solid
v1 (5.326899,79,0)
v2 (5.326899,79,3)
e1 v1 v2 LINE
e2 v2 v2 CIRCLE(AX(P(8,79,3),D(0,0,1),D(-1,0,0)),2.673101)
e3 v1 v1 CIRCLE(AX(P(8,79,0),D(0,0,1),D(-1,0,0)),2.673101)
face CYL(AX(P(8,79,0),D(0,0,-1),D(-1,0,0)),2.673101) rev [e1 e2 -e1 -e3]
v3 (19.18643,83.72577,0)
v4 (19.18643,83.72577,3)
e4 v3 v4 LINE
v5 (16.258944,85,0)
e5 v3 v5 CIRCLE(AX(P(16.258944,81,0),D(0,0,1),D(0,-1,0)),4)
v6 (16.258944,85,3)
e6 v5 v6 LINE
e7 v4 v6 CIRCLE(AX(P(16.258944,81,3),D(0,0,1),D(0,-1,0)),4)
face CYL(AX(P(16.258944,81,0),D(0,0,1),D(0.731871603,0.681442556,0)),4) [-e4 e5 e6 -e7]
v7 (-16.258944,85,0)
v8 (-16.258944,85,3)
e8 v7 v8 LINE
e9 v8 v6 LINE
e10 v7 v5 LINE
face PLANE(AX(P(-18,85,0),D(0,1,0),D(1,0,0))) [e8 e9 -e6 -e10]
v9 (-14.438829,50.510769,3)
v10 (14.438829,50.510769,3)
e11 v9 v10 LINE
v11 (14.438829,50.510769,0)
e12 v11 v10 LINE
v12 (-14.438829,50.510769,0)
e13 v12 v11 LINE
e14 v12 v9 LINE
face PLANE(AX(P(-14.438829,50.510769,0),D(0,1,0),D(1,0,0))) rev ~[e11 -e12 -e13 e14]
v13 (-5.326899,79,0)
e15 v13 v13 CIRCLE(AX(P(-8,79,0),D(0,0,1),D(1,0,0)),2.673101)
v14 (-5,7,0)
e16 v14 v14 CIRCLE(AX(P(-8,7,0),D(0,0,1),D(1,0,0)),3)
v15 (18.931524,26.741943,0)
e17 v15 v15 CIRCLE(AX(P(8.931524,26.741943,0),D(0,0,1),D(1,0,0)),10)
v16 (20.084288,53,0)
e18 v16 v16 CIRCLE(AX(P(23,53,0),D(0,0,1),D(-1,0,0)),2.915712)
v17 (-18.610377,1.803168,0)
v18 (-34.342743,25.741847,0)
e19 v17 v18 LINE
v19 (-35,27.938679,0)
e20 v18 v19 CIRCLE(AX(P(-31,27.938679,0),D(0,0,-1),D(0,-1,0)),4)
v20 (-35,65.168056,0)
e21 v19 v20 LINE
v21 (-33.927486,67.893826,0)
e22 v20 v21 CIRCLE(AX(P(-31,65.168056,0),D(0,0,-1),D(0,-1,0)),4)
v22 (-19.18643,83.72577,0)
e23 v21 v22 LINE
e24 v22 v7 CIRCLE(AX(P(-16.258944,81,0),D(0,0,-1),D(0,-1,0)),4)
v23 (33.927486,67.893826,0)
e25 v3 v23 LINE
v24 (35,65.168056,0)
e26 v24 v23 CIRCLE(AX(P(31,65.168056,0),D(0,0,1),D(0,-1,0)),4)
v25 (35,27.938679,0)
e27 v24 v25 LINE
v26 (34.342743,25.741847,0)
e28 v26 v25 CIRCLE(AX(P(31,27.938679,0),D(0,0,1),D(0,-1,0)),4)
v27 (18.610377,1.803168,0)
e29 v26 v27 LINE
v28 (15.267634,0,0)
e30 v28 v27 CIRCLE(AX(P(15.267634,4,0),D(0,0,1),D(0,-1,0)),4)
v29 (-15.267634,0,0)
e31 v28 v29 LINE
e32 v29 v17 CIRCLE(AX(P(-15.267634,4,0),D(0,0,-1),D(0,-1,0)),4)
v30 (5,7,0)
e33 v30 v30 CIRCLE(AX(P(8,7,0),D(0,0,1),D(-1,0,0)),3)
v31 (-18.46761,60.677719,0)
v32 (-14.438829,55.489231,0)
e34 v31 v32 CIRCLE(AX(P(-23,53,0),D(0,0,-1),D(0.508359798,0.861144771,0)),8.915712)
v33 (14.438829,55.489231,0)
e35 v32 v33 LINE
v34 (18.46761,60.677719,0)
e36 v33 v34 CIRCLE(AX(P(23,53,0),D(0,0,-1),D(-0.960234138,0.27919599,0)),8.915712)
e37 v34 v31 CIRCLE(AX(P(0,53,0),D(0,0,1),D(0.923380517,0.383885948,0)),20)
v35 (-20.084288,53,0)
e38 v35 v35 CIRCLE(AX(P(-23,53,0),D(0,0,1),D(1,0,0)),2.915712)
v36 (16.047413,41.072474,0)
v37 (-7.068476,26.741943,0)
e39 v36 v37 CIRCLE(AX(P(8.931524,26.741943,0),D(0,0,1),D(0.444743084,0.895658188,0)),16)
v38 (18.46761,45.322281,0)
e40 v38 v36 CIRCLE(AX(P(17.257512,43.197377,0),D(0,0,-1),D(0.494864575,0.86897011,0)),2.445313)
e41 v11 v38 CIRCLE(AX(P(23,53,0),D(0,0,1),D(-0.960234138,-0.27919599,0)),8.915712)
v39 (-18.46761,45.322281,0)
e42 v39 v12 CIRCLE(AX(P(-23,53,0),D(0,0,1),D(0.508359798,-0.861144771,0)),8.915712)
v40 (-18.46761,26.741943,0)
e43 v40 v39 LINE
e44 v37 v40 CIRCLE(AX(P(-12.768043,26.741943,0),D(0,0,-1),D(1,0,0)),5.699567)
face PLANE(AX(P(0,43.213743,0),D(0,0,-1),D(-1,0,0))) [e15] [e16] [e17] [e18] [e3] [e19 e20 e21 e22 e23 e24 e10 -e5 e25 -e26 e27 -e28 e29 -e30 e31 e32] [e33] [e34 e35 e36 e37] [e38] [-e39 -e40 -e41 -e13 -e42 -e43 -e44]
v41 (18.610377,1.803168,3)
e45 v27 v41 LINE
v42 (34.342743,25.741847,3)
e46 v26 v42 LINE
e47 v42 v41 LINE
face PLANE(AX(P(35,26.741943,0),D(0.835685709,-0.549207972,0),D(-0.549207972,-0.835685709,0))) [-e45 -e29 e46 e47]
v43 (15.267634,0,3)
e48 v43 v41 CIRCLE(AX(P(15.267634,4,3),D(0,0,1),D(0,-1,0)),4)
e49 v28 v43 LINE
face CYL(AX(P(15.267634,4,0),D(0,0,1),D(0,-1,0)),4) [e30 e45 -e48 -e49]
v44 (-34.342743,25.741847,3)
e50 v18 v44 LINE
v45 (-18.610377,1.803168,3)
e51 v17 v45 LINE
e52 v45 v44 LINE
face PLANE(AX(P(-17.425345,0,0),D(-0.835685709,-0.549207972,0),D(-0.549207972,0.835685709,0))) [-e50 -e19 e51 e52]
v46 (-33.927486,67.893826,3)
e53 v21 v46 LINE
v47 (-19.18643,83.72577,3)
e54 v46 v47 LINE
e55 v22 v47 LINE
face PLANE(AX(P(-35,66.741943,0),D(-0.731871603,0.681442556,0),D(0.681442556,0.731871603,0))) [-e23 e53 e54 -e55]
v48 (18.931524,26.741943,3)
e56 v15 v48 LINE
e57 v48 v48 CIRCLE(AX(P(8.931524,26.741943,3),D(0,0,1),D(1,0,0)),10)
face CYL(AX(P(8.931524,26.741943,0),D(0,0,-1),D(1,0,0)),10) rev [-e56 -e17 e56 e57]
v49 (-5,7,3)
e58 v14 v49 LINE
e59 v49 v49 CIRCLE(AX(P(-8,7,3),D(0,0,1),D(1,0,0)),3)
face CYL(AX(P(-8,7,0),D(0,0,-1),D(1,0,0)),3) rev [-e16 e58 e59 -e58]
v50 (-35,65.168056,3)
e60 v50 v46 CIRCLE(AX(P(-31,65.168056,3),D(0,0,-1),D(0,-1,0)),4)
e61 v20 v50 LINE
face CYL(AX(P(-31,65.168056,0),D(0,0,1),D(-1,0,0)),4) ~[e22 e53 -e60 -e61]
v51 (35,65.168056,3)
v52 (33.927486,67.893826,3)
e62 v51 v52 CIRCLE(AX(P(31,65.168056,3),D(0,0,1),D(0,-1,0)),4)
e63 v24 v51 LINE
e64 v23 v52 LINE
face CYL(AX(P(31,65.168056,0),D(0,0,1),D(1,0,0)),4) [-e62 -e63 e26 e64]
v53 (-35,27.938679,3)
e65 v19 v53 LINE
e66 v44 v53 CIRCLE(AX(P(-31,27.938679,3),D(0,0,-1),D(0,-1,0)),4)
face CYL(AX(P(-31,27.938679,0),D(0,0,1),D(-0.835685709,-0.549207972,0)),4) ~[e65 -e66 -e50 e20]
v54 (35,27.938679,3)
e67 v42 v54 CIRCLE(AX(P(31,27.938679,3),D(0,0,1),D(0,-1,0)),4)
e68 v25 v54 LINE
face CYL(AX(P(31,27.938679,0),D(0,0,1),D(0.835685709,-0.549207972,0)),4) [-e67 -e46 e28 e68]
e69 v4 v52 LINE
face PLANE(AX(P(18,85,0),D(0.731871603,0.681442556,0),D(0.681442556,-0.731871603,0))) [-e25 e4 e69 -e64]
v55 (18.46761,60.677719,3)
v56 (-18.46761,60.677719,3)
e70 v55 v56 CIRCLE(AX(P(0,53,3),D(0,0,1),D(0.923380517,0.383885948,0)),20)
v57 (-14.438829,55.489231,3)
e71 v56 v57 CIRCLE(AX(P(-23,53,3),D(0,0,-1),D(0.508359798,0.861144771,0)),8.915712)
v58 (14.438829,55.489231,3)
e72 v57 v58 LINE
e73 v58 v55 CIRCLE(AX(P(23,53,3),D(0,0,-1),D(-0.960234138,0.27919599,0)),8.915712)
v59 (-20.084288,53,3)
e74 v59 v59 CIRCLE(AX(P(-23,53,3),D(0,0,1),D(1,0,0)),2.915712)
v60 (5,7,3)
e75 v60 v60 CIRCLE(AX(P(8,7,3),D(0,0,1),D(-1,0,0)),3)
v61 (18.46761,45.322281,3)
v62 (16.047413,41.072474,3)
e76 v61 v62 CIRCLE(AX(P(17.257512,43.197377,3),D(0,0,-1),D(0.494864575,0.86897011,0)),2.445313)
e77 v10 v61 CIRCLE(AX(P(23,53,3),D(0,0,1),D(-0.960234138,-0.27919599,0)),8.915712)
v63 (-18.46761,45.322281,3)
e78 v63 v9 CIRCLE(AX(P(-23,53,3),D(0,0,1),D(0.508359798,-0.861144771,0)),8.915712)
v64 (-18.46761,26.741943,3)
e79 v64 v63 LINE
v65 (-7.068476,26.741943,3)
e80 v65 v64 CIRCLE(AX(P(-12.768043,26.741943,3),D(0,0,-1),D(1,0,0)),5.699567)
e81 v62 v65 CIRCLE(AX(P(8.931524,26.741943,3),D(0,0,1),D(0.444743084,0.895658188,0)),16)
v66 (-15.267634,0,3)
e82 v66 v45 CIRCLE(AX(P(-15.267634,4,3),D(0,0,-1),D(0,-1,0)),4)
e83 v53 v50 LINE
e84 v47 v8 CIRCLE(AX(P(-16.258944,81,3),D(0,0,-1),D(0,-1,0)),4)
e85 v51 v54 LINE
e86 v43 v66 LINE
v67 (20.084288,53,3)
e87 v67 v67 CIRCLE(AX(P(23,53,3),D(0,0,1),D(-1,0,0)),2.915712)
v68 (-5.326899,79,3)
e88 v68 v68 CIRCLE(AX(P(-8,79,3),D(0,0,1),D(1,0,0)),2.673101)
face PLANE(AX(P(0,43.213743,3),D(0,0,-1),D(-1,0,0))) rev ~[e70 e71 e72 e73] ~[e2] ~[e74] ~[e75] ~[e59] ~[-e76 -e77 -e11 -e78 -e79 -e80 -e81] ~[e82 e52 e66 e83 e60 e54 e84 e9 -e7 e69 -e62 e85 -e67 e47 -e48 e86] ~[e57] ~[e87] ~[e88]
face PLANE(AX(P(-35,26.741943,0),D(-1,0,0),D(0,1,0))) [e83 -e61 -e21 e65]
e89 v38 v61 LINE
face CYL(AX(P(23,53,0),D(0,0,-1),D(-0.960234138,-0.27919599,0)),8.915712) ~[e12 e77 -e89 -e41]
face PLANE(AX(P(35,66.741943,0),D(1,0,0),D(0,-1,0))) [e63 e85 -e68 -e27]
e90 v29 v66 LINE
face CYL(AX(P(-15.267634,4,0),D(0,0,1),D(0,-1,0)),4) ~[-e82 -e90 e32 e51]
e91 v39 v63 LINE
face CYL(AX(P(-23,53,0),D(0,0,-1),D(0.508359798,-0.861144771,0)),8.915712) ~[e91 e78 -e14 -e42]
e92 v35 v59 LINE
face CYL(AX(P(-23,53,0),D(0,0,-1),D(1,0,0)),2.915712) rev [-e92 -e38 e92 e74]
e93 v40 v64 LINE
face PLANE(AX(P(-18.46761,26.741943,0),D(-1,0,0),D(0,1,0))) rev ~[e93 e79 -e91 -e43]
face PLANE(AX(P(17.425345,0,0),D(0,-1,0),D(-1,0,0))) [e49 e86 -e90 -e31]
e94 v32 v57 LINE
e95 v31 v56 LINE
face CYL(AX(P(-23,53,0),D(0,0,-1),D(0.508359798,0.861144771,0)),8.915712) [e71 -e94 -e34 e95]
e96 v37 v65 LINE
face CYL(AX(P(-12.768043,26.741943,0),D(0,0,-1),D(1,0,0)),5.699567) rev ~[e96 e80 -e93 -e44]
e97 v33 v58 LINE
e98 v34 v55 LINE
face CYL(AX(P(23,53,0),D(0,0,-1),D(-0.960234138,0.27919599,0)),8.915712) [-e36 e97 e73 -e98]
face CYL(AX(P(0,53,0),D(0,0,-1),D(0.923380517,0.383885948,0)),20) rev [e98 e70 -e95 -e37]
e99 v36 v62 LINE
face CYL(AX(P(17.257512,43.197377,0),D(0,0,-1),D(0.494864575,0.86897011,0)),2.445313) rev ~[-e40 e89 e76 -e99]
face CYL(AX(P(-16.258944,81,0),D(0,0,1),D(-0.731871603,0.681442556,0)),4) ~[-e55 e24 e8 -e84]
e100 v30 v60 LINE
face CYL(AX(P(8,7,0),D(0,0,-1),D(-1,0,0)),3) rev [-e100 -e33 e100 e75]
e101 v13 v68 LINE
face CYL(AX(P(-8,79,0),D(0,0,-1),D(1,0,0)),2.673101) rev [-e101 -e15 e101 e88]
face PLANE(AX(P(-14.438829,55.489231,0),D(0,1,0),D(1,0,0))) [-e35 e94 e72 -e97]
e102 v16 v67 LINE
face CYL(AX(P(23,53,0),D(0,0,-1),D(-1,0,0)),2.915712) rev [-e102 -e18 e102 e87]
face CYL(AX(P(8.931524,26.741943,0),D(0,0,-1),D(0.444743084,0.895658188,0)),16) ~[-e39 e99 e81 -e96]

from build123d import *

# Parameters (mm, degrees)
SKETCH1_R           = 2.915712225
SKETCH1_R_2         = 2.67310125
SKETCH1_R_3         = 3
SKETCH1_R_4         = 10
BOSS_EXTRUDE2_DEPTH = 3
FILLET1_R           = 4


with BuildPart() as part:
    # Sketch1 → Boss-Extrude2 (new body)
    with BuildSketch(Plane.XY):
        Polygon((17.4253449, 0), (-17.4253449, 0), (-35, 26.741942676), (-35, 66.741942676), (-18, 85), (18, 85), (35, 66.741942676), (35, 26.741942676), align=None)
        with Locations((-23, 53)):
            Circle(SKETCH1_R, mode=Mode.SUBTRACT)
        with Locations((-8, 79)):
            Circle(SKETCH1_R_2, mode=Mode.SUBTRACT)
        with Locations((-8, 7)):
            Circle(SKETCH1_R_3, mode=Mode.SUBTRACT)
        with Locations(Location((8, 7, 0), (0, 0, 180))):
            Circle(SKETCH1_R_3, mode=Mode.SUBTRACT)
        with Locations(Location((23, 53, 0), (0, 0, 180))):
            Circle(SKETCH1_R, mode=Mode.SUBTRACT)
        with Locations(Location((8, 79, 0), (0, 0, 180))):
            Circle(SKETCH1_R_2, mode=Mode.SUBTRACT)
        with Locations((8.931523687, 26.741942676)):
            Circle(SKETCH1_R_4, mode=Mode.SUBTRACT)
        with BuildLine():
            Line((-14.43882876, 55.489231101), (14.43882876, 55.489231101))
            ThreePointArc((14.43882876, 55.489231101), (15.957952298, 58.468042486), (18.467610338, 60.677718959))
            ThreePointArc((18.467610338, 60.677718959), (0, 73), (-18.467610338, 60.677718959))
            ThreePointArc((-18.467610338, 60.677718959), (-15.957952298, 58.468042486), (-14.43882876, 55.489231101))
        make_face(mode=Mode.SUBTRACT)
        with BuildLine():
            Line((-14.43882876, 50.510768899), (14.43882876, 50.510768899))
            ThreePointArc((14.43882876, 50.510768899), (15.957952298, 47.531957514), (18.467610338, 45.322281041))
            ThreePointArc((18.467610338, 45.322281041), (19.38241537, 41.987278709), (16.047413038, 41.072473676))
            ThreePointArc((16.047413038, 41.072473676), (0.501050083, 40.340733608), (-7.068476313, 26.741942676))
            ThreePointArc((-7.068476313, 26.741942676), (-12.768043325, 21.042375664), (-18.467610338, 26.741942676))
            Line((-18.467610338, 26.741942676), (-18.467610338, 45.322281041))
            ThreePointArc((-18.467610338, 45.322281041), (-15.957952298, 47.531957514), (-14.43882876, 50.510768899))
        make_face(mode=Mode.SUBTRACT)
    extrude(amount=BOSS_EXTRUDE2_DEPTH)

    # Fillet1
    fillet1_edges = [part.edges().sort_by_distance(p)[0] for p in [
        (-35, 26.741942676, 1.5),
        (-35, 66.741942676, 1.5),
        (-18, 85, 1.5),
        (18, 85, 1.5),
        (35, 66.741942676, 1.5),
        (35, 26.741942676, 1.5),
        (17.4253449, 0, 1.5),
        (-17.4253449, 0, 1.5),
    ]]
    fillet(fillet1_edges, radius=FILLET1_R)


solid = part.part
